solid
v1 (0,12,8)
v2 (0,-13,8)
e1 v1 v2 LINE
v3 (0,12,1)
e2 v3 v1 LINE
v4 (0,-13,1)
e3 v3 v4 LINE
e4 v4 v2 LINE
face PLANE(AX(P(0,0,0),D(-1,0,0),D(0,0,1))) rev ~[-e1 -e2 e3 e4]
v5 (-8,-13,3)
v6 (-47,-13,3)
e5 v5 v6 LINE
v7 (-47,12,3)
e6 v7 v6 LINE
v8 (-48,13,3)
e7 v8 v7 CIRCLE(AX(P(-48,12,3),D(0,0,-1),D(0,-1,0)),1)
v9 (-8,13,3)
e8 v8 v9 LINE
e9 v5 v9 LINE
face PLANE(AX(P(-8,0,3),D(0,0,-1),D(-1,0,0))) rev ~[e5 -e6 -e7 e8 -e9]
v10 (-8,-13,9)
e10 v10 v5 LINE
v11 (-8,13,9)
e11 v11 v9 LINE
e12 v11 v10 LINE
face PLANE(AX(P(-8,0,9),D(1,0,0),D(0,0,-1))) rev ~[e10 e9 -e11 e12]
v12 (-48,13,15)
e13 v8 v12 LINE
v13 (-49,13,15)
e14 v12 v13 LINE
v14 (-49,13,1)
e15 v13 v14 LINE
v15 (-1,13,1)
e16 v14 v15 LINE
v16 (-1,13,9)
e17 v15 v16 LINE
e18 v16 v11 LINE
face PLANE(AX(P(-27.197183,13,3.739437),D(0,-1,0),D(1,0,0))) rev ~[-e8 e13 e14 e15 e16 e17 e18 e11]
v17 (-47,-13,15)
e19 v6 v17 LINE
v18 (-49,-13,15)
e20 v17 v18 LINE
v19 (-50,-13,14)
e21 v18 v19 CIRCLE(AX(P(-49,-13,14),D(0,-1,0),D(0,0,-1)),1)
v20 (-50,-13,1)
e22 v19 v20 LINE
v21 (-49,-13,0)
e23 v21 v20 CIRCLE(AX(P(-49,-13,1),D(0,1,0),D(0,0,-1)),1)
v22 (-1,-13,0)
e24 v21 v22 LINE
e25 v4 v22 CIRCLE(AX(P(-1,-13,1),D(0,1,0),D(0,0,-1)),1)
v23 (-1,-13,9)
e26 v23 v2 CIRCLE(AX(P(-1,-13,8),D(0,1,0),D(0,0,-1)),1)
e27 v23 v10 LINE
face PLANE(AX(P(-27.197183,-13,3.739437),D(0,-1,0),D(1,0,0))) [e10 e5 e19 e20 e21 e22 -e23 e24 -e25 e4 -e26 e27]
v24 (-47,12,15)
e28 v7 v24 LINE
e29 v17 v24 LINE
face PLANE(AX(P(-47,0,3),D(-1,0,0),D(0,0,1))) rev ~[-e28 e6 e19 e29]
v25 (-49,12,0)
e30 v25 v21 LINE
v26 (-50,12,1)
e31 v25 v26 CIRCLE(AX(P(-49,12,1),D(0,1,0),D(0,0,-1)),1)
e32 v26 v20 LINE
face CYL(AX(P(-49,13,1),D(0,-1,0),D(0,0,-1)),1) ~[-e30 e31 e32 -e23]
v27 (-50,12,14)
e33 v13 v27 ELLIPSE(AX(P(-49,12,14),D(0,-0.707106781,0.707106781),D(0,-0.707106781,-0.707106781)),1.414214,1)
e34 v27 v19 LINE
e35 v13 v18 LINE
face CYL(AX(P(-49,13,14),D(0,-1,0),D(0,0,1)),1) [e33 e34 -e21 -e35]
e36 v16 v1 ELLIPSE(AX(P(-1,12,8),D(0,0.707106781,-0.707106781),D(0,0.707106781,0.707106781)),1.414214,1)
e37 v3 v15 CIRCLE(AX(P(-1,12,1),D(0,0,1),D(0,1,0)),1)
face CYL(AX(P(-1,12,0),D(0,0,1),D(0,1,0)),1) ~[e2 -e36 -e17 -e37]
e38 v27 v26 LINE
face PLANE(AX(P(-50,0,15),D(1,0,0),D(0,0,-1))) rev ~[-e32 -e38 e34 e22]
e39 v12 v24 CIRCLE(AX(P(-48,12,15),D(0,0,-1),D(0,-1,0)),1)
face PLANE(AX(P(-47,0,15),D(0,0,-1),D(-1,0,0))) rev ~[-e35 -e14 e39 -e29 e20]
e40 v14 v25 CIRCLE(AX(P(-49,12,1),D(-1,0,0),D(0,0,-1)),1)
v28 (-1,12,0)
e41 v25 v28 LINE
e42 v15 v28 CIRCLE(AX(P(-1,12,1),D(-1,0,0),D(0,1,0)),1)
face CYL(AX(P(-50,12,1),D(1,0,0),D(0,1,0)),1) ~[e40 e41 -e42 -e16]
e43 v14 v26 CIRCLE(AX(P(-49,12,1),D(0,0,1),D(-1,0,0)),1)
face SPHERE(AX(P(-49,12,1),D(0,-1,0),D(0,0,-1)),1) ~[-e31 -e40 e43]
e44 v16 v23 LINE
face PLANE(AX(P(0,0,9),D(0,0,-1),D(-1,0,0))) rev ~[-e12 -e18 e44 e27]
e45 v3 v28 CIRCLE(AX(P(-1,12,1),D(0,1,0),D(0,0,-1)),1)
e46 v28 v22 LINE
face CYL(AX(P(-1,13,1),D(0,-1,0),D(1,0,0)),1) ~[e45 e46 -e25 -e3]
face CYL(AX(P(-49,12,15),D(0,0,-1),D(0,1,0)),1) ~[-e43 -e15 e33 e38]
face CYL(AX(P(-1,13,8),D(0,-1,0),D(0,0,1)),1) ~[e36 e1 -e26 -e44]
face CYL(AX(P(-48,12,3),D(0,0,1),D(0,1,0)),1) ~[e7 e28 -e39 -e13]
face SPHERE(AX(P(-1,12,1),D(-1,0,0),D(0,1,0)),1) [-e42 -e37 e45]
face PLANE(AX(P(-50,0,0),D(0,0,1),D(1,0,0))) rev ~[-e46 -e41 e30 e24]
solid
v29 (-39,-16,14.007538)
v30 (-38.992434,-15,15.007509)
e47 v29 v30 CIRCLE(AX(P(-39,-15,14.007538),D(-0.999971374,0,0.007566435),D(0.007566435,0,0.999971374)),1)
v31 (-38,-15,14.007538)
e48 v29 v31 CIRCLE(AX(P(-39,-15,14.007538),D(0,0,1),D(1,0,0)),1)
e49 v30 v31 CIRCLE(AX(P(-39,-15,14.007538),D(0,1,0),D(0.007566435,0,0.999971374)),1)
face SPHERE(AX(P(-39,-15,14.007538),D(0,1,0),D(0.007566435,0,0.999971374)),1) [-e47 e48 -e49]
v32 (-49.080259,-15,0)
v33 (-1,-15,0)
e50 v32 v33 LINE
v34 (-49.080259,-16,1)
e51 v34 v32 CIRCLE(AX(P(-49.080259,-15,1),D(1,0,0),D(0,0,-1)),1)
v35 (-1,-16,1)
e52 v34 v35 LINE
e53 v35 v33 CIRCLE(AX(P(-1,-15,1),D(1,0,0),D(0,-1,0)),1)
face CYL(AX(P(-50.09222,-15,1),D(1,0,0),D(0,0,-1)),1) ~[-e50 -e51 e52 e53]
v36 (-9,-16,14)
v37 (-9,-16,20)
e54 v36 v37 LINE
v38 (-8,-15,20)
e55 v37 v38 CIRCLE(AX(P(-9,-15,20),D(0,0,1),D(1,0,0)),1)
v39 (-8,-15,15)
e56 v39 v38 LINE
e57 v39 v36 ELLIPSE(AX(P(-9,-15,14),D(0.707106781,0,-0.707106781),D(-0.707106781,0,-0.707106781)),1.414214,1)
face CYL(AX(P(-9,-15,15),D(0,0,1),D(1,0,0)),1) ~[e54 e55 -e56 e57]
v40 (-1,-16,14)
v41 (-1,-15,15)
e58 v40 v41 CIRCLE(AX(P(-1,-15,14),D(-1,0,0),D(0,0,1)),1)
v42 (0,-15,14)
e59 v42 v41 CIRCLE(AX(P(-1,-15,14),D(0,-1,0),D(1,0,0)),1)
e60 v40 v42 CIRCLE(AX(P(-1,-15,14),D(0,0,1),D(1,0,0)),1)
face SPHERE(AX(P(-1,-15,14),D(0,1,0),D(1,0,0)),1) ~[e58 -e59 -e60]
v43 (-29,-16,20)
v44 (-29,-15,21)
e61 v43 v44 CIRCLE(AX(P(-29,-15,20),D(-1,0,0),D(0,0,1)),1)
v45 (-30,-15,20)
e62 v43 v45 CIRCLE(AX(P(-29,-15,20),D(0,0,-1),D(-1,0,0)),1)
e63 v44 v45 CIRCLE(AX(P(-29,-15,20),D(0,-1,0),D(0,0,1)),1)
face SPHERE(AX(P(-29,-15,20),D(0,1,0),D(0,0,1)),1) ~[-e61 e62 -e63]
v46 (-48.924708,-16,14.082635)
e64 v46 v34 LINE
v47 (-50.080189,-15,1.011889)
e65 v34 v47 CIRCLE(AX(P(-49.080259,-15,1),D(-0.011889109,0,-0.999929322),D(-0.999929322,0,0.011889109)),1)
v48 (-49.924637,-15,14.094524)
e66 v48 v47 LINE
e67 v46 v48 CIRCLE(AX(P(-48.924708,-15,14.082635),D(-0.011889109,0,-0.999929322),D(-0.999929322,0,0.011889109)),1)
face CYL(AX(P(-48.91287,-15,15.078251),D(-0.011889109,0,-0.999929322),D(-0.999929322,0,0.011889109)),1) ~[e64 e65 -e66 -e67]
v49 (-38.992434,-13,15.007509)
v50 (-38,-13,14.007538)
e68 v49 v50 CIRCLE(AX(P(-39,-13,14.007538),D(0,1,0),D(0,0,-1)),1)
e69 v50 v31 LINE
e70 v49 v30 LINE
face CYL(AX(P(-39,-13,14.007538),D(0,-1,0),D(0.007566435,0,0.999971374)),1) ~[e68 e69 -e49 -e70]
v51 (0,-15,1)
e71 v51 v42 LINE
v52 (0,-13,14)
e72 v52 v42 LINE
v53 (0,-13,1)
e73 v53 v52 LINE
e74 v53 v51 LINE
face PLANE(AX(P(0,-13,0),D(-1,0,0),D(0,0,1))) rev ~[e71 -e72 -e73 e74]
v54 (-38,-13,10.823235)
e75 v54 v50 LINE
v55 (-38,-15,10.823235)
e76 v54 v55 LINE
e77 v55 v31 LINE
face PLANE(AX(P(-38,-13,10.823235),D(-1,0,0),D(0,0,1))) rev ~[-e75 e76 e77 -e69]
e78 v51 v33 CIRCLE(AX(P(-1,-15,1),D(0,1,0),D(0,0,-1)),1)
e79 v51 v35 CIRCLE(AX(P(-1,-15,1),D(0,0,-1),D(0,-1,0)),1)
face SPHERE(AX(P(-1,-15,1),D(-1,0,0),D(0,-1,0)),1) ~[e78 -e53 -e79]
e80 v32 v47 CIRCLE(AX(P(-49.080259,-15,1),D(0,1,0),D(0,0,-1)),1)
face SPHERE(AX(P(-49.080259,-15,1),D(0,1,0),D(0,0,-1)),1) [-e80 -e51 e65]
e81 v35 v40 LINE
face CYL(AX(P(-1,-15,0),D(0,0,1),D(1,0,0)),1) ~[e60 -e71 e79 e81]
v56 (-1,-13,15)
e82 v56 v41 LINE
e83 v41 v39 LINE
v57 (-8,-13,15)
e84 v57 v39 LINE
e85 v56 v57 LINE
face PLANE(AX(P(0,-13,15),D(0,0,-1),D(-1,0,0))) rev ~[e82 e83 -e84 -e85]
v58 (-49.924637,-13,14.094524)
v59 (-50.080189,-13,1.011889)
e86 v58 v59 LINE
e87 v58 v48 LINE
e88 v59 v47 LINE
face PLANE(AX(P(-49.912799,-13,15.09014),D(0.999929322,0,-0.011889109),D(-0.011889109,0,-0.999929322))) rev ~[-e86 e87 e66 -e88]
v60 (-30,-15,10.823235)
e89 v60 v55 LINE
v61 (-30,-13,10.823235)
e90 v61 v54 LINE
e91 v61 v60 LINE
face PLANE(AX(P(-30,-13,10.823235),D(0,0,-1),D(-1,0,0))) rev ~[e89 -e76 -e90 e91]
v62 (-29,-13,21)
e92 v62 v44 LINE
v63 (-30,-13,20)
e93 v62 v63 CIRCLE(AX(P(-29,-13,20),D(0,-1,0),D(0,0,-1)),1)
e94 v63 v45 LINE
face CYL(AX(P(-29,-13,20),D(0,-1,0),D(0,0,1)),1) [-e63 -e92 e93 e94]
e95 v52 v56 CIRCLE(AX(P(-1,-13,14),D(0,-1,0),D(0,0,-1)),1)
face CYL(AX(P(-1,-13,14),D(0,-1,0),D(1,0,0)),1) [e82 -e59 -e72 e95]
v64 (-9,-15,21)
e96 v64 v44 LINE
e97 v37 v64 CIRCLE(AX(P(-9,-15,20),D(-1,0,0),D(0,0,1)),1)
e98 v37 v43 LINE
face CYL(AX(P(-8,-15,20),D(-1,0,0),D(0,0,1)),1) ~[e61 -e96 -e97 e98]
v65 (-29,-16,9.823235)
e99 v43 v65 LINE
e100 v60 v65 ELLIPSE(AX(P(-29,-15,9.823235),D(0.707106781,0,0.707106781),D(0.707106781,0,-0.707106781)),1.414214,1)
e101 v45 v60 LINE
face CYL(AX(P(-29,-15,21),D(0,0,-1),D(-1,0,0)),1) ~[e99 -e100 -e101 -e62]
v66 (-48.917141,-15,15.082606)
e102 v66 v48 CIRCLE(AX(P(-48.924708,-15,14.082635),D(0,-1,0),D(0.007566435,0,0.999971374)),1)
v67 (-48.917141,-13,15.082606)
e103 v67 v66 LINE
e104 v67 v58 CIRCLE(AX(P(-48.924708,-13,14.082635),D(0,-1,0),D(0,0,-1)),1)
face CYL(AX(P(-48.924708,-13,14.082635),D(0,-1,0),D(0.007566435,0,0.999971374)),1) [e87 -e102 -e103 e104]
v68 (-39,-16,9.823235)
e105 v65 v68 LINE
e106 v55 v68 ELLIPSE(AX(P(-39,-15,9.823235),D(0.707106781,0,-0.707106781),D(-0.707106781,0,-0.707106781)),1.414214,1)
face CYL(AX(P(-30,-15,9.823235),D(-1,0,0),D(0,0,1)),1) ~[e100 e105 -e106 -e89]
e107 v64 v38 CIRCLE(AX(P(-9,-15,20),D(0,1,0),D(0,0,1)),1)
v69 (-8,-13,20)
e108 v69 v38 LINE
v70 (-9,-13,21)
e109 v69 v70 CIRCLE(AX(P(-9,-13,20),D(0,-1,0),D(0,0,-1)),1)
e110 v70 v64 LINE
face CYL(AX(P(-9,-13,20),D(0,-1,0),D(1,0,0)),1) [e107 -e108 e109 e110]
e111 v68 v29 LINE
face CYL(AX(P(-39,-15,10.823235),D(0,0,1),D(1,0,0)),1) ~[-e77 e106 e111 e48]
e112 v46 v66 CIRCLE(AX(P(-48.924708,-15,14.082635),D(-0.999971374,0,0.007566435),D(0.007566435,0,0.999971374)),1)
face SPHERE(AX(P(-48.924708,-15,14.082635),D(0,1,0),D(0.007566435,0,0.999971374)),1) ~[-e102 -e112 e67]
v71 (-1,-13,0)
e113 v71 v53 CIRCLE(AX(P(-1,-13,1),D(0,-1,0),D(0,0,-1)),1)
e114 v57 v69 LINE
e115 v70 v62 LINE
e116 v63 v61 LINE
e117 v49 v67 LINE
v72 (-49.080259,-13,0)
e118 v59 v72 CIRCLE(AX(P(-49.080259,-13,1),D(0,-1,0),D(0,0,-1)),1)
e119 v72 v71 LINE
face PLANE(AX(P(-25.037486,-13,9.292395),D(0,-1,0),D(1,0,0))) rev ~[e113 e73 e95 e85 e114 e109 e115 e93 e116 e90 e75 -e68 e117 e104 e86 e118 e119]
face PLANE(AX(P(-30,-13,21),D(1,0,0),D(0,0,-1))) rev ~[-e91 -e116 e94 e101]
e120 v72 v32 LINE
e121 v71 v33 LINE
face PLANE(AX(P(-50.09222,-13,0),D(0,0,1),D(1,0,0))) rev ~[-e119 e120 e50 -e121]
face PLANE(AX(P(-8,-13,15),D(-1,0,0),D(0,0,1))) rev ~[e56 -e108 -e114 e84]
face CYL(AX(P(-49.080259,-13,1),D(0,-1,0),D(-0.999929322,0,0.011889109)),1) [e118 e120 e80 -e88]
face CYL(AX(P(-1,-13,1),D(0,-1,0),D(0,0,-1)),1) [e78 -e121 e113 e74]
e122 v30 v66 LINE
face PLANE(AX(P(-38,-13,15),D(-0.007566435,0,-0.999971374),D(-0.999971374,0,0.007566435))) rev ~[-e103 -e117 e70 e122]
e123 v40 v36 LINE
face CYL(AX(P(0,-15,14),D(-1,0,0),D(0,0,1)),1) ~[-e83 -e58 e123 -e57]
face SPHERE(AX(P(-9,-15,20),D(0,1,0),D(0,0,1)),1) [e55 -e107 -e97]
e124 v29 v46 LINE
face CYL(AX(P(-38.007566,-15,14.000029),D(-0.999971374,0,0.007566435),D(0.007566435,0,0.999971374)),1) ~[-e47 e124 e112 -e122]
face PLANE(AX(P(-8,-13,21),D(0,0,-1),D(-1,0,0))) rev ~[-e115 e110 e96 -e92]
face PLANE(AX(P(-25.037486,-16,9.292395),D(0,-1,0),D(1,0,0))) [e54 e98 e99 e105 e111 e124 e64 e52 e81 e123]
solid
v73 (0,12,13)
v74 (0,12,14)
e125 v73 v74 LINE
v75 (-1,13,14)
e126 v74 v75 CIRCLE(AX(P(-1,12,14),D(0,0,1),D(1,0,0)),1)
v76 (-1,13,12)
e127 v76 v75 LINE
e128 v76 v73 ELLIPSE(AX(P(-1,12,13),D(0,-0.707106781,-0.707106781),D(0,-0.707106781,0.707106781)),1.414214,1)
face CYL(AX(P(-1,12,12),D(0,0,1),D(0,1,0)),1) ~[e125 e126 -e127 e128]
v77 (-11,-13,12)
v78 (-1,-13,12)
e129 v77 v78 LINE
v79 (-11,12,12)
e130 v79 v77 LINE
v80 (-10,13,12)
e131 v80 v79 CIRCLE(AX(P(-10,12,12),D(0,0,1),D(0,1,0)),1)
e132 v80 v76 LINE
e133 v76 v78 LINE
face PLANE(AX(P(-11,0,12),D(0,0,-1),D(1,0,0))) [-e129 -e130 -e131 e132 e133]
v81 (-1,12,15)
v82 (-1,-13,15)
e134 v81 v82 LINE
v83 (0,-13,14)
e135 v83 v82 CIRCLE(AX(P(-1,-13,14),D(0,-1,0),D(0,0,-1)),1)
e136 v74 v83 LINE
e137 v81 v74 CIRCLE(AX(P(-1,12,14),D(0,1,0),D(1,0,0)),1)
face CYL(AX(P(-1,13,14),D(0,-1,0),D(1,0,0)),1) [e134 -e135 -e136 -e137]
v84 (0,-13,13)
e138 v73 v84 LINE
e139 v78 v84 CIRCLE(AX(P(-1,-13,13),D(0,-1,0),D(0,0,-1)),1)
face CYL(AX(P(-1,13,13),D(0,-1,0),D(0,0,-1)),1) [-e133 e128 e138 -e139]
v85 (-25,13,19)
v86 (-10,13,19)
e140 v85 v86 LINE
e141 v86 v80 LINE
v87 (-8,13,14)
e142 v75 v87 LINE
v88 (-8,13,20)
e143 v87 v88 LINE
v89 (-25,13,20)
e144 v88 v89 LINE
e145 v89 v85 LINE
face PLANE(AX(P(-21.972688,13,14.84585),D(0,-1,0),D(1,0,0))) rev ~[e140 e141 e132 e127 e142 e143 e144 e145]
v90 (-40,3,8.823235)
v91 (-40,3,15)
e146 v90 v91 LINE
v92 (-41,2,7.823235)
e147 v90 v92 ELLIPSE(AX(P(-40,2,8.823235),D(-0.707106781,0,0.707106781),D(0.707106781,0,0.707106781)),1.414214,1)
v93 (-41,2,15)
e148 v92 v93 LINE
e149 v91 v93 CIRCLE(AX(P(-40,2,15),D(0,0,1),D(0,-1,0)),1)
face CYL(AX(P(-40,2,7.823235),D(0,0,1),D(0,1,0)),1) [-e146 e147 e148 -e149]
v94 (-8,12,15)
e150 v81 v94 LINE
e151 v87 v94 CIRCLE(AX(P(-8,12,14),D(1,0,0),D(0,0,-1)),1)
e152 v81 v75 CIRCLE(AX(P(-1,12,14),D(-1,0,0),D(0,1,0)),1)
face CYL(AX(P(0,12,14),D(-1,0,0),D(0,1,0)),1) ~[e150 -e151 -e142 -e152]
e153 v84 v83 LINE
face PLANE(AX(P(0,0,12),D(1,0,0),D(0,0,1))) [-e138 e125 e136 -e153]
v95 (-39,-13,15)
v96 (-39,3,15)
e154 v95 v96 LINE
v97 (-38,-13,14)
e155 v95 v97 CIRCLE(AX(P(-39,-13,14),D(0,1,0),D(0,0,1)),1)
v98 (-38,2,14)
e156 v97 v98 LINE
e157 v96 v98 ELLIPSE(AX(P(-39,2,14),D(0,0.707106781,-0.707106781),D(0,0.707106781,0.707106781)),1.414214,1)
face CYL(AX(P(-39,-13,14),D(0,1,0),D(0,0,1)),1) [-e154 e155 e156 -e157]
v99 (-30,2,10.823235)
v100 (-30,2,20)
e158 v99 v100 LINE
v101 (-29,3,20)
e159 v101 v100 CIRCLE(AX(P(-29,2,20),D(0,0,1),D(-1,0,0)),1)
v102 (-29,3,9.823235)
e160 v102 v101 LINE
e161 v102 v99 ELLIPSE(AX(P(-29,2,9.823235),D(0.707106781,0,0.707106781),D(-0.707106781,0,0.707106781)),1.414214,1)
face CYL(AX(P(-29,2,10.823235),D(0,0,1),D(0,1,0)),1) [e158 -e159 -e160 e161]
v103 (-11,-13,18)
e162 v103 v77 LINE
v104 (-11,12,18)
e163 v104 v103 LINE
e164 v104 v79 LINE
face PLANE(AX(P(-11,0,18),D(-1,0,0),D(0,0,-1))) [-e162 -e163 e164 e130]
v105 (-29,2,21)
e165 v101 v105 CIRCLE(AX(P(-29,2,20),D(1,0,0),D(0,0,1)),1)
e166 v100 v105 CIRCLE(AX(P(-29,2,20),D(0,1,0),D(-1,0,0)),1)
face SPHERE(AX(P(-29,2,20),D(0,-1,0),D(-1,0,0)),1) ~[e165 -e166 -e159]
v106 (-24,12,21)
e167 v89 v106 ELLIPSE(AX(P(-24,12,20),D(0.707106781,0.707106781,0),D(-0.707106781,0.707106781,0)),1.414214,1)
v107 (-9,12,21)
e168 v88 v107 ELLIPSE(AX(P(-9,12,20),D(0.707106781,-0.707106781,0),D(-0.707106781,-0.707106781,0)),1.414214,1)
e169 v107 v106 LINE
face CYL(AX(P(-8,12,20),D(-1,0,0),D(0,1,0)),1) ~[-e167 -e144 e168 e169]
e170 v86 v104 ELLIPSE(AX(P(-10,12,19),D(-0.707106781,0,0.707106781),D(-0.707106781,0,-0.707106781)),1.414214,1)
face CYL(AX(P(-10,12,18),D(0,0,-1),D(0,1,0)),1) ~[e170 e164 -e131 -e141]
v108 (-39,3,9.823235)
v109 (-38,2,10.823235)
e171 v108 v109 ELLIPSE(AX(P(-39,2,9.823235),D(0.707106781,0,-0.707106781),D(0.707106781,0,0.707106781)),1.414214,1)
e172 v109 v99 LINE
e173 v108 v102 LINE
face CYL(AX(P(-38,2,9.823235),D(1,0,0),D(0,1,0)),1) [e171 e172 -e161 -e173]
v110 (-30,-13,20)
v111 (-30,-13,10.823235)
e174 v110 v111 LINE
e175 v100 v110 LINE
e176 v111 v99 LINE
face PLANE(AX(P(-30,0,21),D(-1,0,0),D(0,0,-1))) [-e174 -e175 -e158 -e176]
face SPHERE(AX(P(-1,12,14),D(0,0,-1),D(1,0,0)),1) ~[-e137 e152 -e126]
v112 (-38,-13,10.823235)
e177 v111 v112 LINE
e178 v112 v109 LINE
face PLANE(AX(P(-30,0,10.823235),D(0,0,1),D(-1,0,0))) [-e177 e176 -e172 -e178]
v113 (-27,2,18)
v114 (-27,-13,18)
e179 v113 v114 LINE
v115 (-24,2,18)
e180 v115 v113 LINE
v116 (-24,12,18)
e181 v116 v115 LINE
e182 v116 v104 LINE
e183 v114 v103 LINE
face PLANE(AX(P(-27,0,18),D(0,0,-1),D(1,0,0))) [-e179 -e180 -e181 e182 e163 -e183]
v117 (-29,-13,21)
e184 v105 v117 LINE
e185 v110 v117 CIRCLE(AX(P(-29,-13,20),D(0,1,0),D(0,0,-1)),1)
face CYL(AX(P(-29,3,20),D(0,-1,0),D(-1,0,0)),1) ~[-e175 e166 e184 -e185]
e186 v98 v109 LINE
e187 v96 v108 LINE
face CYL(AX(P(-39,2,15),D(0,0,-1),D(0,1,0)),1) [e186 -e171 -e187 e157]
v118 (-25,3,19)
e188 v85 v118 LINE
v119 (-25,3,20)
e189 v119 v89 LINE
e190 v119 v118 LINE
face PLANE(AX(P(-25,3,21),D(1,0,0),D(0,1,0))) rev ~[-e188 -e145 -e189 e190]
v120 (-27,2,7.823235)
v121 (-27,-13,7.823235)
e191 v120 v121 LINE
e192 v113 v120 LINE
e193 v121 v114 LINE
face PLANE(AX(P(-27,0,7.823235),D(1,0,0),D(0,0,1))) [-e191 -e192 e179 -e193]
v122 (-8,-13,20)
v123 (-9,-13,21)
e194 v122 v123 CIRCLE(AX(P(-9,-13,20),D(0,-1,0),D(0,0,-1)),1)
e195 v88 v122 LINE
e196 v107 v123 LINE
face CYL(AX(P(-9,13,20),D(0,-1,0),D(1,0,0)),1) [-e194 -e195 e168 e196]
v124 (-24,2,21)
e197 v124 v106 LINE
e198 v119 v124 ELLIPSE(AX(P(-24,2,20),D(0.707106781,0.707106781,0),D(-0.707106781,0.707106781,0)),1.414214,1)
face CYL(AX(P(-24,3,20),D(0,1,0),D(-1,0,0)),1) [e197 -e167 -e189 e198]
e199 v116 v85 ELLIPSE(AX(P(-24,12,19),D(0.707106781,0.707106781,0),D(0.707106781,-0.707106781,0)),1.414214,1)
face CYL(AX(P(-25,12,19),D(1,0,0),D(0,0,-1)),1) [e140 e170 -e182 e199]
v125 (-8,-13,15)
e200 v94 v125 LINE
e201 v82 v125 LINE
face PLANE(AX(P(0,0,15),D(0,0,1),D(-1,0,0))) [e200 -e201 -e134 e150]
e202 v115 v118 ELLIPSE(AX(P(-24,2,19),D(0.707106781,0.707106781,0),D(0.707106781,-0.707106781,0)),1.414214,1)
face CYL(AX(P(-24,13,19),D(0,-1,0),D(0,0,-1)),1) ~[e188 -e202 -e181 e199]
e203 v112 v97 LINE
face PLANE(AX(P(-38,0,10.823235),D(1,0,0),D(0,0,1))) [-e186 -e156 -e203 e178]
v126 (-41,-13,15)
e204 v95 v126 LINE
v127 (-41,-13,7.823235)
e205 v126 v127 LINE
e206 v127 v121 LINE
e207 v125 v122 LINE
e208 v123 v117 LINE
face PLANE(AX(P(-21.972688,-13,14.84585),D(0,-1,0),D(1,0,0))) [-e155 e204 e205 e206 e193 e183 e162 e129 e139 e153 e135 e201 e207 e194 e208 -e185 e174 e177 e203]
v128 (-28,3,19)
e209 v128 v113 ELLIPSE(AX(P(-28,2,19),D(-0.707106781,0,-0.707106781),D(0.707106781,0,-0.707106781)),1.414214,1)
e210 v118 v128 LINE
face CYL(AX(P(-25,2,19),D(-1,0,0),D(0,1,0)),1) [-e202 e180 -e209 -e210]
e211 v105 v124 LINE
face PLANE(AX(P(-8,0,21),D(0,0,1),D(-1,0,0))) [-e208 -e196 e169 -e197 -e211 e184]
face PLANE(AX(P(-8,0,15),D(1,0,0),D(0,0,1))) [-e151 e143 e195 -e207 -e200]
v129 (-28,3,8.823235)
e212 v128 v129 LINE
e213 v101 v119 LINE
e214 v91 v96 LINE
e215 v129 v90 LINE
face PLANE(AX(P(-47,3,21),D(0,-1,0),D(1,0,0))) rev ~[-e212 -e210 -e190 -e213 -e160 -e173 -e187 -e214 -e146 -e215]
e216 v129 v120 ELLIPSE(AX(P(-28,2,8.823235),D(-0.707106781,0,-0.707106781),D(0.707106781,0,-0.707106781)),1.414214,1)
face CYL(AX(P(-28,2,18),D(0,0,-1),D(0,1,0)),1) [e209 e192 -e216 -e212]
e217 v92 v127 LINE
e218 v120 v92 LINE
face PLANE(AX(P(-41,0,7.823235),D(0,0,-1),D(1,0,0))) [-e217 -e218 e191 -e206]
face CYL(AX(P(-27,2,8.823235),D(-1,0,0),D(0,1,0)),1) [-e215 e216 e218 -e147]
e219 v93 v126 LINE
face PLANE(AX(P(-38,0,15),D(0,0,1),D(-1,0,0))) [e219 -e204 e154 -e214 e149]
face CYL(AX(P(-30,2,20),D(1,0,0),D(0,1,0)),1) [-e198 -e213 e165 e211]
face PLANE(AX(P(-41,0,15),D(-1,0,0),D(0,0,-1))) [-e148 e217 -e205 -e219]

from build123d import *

# Parameters (mm, degrees)
F1_DEPTH = 13
F3_DEPTH = 3
F4_W     = 22
F4_H     = 10
F5_DEPTH = 18
F6_R     = 1
F6_2_R   = 1


with BuildPart() as f1:
    # F0 (on Front) → F1 (new body, symmetric)
    with BuildSketch(Plane.XZ):
        Polygon((-47, 15), (-50, 15), (-50, 0), (0, 0), (0, 9), (-8, 9), (-8, 3), (-47, 3), align=None)
        Polygon((-38, 15), (-41, 15), (-41, 7.823235), (-27, 7.823235), (-27, 18), (-11, 18), (-11, 12), (0, 12), (0, 15), (-8, 15), (-8, 21), (-30, 21), (-30, 10.823235), (-38, 10.823235), align=None)
    extrude(amount=F1_DEPTH, both=True)

    # F4 (on face) → F5 (cut, through all)
    with BuildSketch(Plane.XY.offset(21)):
        with Locations((-36, 8)):
            Rectangle(F4_W, F4_H)
    extrude(amount=-F5_DEPTH, mode=Mode.SUBTRACT)

    # F6
    f6_edges = [f1.edges().sort_by_distance(p)[0] for p in [
        (-50, 0, 0),
        (-38, -5, 15),
        (-25, 13, 0),
        (0, 13, 4.5),
        (0, 13, 13.5),
        (-30, -5, 21),
        (-8, 0, 21),
        (0, 0, 15),
        (0, 0, 0),
        (-16.5, 13, 21),
        (-50, 13, 7.5),
        (-4, 13, 15),
        (-25, 8, 21),
        (-30, 3, 15.911617),
        (-34, 3, 10.823235),
        (-27.5, 3, 21),
        (-50, 0, 15),
        (0, 0, 12),
        (0, 0, 9),
        (-38, 3, 12.911617),
        (-47, 13, 9),
        (-41, 3, 11.411617),
        (-27, 3, 12.911617),
        (-11, 13, 15),
        (-18, 13, 18),
        (-25, 8, 18),
        (-26, 3, 18),
        (-34, 3, 7.823235),
    ]]
    fillet(f6_edges, radius=F6_R)


with BuildPart() as f3:
    # F2 (on face) → F3 (new body)
    with BuildSketch(Plane.XZ.offset(13)):
        Polygon((-38, 15), (-49.912799, 15.09014), (-50.09222, 0), (0, 0), (0, 15), (-8, 15), (-8, 21), (-30, 21), (-30, 10.823235), (-38, 10.823235), align=None)
    extrude(amount=F3_DEPTH)

    # F6#2
    f6_2_edges = [f3.edges().sort_by_distance(p)[0] for p in [
        (-38, -14.5, 15),
        (-49.912799, -14.5, 15.09014),
        (-43.9564, -16, 15.04507),
        (-50.00251, -16, 7.54507),
        (-50.09222, -14.5, 0),
        (-30, -14.5, 21),
        (-8, -14.5, 21),
        (-19, -16, 21),
        (-30, -16, 15.911617),
        (-34, -16, 10.823235),
        (0, -14.5, 15),
        (-25.04611, -16, 0),
        (0, -16, 7.5),
        (0, -14.5, 0),
        (-4, -16, 15),
        (-8, -16, 18),
        (-38, -16, 12.911617),
    ]]
    fillet(f6_2_edges, radius=F6_2_R)


solid = Compound([f1.part, f3.part])
